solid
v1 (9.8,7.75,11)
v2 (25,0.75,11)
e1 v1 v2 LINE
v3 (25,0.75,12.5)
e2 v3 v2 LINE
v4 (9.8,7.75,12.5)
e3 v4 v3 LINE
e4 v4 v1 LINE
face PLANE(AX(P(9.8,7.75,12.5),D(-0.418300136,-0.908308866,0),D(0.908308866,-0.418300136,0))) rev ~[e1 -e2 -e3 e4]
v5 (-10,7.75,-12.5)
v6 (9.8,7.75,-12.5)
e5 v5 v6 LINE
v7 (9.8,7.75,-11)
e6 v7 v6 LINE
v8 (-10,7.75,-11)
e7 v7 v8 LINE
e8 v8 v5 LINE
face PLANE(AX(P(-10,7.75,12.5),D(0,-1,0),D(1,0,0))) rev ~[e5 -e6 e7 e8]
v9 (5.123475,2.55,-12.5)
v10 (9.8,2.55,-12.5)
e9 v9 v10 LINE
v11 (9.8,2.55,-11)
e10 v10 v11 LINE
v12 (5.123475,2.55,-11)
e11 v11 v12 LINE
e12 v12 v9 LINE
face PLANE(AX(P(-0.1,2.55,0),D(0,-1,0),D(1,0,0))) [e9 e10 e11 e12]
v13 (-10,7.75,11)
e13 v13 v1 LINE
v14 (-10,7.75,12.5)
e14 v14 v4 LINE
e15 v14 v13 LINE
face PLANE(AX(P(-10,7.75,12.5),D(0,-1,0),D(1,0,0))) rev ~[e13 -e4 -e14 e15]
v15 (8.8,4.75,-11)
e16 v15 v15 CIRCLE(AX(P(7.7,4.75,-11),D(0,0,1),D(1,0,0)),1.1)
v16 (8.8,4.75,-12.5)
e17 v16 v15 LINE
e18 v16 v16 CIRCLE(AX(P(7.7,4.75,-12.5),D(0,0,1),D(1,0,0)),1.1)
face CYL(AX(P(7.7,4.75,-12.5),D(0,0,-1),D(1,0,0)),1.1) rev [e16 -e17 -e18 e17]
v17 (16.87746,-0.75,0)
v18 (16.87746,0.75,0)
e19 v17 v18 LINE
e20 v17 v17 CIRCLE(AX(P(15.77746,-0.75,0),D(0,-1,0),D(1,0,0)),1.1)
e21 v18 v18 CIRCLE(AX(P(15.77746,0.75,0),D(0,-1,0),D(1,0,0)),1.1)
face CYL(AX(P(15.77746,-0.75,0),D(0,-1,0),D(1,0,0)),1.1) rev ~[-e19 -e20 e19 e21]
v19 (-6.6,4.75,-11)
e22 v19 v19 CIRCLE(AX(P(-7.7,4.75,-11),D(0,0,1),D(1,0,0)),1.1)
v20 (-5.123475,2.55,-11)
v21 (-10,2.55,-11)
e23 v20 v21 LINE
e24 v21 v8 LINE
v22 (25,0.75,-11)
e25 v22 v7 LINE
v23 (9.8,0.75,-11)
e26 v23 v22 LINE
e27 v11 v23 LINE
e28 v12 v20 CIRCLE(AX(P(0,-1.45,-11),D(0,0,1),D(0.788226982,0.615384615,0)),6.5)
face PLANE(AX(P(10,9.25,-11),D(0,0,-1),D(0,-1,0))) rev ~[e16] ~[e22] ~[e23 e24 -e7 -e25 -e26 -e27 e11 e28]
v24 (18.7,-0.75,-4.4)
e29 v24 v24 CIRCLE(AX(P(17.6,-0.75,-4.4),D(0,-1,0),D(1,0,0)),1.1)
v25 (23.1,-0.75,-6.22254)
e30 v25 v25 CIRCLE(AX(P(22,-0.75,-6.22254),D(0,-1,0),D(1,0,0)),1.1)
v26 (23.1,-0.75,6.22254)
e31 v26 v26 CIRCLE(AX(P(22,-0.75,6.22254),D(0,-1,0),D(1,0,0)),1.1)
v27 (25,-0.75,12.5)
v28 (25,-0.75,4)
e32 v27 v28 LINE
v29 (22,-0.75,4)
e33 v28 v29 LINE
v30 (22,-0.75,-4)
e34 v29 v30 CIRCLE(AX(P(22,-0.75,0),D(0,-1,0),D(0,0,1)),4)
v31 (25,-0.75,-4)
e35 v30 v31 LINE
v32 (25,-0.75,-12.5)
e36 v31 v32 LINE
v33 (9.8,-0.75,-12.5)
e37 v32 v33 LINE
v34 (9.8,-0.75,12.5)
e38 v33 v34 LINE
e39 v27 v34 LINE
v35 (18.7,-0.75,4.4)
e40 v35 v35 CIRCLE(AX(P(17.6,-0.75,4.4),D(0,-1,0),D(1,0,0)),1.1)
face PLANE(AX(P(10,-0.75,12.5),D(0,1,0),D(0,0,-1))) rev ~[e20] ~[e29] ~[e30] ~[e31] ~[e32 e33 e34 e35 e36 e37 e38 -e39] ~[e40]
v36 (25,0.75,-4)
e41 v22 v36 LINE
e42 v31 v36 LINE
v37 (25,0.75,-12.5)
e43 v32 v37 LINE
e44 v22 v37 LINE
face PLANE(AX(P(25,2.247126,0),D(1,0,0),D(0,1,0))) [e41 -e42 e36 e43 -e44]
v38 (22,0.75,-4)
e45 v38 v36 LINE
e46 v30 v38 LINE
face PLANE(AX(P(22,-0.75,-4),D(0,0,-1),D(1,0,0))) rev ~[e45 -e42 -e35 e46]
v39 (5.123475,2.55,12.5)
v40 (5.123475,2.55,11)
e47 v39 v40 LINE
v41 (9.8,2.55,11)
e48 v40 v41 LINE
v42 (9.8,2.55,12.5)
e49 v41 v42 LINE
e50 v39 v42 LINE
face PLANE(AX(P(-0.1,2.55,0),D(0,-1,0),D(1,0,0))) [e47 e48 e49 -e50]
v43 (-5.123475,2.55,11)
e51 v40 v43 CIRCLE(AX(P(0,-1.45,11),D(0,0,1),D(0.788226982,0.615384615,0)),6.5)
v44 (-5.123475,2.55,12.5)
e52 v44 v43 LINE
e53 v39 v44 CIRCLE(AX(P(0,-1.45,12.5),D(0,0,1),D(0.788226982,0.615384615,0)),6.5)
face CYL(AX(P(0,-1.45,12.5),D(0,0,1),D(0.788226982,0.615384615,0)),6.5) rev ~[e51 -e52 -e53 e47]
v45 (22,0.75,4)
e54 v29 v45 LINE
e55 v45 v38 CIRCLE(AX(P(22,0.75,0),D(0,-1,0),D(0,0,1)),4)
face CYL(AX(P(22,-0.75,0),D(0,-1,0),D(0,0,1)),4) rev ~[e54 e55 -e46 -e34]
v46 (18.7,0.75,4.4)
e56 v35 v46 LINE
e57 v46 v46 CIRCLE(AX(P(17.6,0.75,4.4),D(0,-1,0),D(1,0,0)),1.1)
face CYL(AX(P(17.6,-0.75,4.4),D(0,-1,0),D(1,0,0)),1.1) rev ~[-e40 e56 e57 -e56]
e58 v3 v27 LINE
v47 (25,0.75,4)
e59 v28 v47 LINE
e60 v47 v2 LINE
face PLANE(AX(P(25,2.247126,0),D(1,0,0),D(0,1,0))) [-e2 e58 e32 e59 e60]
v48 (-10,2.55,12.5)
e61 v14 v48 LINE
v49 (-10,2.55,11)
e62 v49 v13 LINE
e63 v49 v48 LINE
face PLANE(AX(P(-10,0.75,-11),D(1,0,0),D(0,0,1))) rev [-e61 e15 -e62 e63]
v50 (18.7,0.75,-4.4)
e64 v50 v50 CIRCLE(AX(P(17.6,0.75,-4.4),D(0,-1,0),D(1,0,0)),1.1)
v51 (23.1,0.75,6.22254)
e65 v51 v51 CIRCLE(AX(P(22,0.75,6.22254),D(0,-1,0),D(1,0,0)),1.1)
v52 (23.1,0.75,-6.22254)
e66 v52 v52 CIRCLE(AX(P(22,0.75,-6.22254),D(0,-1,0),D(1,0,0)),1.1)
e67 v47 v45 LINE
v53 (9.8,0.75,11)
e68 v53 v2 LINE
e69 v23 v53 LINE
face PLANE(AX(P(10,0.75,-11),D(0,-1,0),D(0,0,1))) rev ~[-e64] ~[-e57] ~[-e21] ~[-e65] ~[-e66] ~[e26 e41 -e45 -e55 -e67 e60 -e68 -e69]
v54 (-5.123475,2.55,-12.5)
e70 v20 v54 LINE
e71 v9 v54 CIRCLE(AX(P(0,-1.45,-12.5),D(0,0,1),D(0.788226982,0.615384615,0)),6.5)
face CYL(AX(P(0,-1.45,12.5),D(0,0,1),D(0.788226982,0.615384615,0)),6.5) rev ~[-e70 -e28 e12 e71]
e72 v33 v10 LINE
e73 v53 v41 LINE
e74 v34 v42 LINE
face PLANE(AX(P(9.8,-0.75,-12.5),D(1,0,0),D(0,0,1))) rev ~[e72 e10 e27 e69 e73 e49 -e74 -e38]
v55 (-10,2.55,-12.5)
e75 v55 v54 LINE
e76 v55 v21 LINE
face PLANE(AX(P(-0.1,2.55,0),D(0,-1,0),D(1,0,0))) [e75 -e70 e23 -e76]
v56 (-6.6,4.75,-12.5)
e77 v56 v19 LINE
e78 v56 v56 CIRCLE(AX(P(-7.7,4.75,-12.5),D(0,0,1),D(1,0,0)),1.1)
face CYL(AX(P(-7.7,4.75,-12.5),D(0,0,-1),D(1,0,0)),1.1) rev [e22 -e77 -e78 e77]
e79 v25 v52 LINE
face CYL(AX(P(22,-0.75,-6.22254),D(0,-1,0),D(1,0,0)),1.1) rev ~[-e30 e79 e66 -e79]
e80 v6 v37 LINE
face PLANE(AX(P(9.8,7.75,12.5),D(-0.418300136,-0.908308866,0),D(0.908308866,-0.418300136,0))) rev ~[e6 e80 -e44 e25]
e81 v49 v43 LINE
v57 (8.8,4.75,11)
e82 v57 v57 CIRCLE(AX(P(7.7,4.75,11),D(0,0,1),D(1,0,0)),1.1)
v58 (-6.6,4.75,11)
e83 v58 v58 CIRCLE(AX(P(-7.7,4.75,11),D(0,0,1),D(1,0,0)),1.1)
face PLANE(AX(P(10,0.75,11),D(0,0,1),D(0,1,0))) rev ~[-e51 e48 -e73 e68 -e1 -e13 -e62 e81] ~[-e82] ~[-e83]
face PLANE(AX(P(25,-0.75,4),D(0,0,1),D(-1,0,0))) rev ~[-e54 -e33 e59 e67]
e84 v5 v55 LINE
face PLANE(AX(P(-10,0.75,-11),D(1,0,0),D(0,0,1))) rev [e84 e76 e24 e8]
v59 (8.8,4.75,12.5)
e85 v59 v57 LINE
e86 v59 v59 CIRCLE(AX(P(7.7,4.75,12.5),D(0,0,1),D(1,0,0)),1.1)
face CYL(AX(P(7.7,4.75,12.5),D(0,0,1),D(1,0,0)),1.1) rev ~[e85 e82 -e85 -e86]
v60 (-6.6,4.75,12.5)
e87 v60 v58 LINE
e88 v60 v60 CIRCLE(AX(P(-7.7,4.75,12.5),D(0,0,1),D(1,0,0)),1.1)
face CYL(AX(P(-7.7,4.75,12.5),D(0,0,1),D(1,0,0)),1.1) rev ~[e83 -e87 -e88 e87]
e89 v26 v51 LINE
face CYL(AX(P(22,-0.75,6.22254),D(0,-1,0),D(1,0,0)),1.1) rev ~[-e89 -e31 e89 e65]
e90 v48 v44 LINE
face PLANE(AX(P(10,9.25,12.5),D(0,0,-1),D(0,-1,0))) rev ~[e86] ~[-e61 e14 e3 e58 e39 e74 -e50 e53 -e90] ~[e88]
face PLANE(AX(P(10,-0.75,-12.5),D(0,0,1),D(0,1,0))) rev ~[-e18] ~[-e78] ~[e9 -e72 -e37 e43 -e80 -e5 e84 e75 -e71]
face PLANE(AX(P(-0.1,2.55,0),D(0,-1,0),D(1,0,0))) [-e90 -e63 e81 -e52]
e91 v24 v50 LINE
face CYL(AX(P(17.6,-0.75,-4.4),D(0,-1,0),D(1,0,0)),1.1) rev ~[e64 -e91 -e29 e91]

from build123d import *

# Parameters (mm, degrees)
F0_W      = 20
F0_H      = 1.5
F1_DEPTH  = 12.5
F2_W      = 20
F2_H      = 1.5
F3_DEPTH  = 8.5
F4_R      = 1.1
F5_DEPTH  = 1.5
F8_DEPTH  = 15
F9_R      = 1.1
F9_W      = 19.8
F9_H      = 25
F10_DEPTH = 3.3
F12_DEPTH = 25.001


with BuildPart() as f1:
    # F0 (on Top) → F1 (new body)
    with BuildSketch(Plane.XY):
        Rectangle(F0_W, F0_H)
    extrude(amount=F1_DEPTH)

    # F2 (on face) → F3 (join)
    with BuildSketch(Plane(origin=(0, 0.75, 0), x_dir=(-1, 0, 0), z_dir=(0, 1, 0))):
        with Locations((0, 11.75)):
            Rectangle(F2_W, F2_H)
    extrude(amount=F3_DEPTH)

    # F4 (on face) → F5 (cut, through all)
    with BuildSketch(Plane.XY.offset(12.5)):
        with Locations((-7.7, 4.75)):
            Circle(F4_R)
        with Locations((7.7, 4.75)):
            Circle(F4_R)
    extrude(amount=-F5_DEPTH, mode=Mode.SUBTRACT)

    # F6: F1 across plane


with BuildPart() as f1_1:
    add(f1.part)
    add(f1.part.mirror(Plane.XY))

    # F7 (on face) → F8 (join)
    with BuildSketch(Plane.YZ.offset(10)):
        Polygon((5.85, -12.5), (9.25, -12.5), (9.25, -11), (5.85, -11), (3.65, -11), (0.75, -11), (0.75, 11), (3.65, 11), (5.85, 11), (9.25, 11), (9.25, 12.5), (5.85, 12.5), (3.65, 12.5), (-0.75, 12.5), (-0.75, -12.5), (3.65, -12.5), align=None)
    extrude(amount=F8_DEPTH)

    # F9 (on face) → F10 (cut)
    with BuildSketch(Plane.XZ.offset(0.75)):
        with BuildLine():
            Line((25, 4), (22, 4))
            ThreePointArc((22, 4), (18, 0), (22, -4))
            Line((22, -4), (25, -4))
            Line((25, -4), (25, 4))
        make_face()
        with Locations((17.6, -4.4)):
            Circle(F9_R)
        with Locations((22, -6.2225396744)):
            Circle(F9_R)
        with Locations((22, 6.2225396744)):
            Circle(F9_R)
        with Locations((17.6, 4.4)):
            Circle(F9_R)
        with Locations((15.7774603256, 0)):
            Circle(F9_R)
        with Locations((-0.1, 0)):
            Rectangle(F9_W, F9_H)
    extrude(amount=-F10_DEPTH, mode=Mode.SUBTRACT)

    # F11 (on face) → F12 (cut, through all)
    with BuildSketch(Plane.XY.offset(12.5)):
        with BuildLine():
            Line((-5.123475383, 2.55), (5.123475383, 2.55))
            ThreePointArc((5.123475383, 2.55), (0, 5.05), (-5.123475383, 2.55))
        make_face()
        Polygon((-10, 9.25), (-10, 7.75), (9.8, 7.75), (25, 0.75), (25, 9.25), align=None)
    extrude(amount=-F12_DEPTH, mode=Mode.SUBTRACT)


solid = f1_1.part
